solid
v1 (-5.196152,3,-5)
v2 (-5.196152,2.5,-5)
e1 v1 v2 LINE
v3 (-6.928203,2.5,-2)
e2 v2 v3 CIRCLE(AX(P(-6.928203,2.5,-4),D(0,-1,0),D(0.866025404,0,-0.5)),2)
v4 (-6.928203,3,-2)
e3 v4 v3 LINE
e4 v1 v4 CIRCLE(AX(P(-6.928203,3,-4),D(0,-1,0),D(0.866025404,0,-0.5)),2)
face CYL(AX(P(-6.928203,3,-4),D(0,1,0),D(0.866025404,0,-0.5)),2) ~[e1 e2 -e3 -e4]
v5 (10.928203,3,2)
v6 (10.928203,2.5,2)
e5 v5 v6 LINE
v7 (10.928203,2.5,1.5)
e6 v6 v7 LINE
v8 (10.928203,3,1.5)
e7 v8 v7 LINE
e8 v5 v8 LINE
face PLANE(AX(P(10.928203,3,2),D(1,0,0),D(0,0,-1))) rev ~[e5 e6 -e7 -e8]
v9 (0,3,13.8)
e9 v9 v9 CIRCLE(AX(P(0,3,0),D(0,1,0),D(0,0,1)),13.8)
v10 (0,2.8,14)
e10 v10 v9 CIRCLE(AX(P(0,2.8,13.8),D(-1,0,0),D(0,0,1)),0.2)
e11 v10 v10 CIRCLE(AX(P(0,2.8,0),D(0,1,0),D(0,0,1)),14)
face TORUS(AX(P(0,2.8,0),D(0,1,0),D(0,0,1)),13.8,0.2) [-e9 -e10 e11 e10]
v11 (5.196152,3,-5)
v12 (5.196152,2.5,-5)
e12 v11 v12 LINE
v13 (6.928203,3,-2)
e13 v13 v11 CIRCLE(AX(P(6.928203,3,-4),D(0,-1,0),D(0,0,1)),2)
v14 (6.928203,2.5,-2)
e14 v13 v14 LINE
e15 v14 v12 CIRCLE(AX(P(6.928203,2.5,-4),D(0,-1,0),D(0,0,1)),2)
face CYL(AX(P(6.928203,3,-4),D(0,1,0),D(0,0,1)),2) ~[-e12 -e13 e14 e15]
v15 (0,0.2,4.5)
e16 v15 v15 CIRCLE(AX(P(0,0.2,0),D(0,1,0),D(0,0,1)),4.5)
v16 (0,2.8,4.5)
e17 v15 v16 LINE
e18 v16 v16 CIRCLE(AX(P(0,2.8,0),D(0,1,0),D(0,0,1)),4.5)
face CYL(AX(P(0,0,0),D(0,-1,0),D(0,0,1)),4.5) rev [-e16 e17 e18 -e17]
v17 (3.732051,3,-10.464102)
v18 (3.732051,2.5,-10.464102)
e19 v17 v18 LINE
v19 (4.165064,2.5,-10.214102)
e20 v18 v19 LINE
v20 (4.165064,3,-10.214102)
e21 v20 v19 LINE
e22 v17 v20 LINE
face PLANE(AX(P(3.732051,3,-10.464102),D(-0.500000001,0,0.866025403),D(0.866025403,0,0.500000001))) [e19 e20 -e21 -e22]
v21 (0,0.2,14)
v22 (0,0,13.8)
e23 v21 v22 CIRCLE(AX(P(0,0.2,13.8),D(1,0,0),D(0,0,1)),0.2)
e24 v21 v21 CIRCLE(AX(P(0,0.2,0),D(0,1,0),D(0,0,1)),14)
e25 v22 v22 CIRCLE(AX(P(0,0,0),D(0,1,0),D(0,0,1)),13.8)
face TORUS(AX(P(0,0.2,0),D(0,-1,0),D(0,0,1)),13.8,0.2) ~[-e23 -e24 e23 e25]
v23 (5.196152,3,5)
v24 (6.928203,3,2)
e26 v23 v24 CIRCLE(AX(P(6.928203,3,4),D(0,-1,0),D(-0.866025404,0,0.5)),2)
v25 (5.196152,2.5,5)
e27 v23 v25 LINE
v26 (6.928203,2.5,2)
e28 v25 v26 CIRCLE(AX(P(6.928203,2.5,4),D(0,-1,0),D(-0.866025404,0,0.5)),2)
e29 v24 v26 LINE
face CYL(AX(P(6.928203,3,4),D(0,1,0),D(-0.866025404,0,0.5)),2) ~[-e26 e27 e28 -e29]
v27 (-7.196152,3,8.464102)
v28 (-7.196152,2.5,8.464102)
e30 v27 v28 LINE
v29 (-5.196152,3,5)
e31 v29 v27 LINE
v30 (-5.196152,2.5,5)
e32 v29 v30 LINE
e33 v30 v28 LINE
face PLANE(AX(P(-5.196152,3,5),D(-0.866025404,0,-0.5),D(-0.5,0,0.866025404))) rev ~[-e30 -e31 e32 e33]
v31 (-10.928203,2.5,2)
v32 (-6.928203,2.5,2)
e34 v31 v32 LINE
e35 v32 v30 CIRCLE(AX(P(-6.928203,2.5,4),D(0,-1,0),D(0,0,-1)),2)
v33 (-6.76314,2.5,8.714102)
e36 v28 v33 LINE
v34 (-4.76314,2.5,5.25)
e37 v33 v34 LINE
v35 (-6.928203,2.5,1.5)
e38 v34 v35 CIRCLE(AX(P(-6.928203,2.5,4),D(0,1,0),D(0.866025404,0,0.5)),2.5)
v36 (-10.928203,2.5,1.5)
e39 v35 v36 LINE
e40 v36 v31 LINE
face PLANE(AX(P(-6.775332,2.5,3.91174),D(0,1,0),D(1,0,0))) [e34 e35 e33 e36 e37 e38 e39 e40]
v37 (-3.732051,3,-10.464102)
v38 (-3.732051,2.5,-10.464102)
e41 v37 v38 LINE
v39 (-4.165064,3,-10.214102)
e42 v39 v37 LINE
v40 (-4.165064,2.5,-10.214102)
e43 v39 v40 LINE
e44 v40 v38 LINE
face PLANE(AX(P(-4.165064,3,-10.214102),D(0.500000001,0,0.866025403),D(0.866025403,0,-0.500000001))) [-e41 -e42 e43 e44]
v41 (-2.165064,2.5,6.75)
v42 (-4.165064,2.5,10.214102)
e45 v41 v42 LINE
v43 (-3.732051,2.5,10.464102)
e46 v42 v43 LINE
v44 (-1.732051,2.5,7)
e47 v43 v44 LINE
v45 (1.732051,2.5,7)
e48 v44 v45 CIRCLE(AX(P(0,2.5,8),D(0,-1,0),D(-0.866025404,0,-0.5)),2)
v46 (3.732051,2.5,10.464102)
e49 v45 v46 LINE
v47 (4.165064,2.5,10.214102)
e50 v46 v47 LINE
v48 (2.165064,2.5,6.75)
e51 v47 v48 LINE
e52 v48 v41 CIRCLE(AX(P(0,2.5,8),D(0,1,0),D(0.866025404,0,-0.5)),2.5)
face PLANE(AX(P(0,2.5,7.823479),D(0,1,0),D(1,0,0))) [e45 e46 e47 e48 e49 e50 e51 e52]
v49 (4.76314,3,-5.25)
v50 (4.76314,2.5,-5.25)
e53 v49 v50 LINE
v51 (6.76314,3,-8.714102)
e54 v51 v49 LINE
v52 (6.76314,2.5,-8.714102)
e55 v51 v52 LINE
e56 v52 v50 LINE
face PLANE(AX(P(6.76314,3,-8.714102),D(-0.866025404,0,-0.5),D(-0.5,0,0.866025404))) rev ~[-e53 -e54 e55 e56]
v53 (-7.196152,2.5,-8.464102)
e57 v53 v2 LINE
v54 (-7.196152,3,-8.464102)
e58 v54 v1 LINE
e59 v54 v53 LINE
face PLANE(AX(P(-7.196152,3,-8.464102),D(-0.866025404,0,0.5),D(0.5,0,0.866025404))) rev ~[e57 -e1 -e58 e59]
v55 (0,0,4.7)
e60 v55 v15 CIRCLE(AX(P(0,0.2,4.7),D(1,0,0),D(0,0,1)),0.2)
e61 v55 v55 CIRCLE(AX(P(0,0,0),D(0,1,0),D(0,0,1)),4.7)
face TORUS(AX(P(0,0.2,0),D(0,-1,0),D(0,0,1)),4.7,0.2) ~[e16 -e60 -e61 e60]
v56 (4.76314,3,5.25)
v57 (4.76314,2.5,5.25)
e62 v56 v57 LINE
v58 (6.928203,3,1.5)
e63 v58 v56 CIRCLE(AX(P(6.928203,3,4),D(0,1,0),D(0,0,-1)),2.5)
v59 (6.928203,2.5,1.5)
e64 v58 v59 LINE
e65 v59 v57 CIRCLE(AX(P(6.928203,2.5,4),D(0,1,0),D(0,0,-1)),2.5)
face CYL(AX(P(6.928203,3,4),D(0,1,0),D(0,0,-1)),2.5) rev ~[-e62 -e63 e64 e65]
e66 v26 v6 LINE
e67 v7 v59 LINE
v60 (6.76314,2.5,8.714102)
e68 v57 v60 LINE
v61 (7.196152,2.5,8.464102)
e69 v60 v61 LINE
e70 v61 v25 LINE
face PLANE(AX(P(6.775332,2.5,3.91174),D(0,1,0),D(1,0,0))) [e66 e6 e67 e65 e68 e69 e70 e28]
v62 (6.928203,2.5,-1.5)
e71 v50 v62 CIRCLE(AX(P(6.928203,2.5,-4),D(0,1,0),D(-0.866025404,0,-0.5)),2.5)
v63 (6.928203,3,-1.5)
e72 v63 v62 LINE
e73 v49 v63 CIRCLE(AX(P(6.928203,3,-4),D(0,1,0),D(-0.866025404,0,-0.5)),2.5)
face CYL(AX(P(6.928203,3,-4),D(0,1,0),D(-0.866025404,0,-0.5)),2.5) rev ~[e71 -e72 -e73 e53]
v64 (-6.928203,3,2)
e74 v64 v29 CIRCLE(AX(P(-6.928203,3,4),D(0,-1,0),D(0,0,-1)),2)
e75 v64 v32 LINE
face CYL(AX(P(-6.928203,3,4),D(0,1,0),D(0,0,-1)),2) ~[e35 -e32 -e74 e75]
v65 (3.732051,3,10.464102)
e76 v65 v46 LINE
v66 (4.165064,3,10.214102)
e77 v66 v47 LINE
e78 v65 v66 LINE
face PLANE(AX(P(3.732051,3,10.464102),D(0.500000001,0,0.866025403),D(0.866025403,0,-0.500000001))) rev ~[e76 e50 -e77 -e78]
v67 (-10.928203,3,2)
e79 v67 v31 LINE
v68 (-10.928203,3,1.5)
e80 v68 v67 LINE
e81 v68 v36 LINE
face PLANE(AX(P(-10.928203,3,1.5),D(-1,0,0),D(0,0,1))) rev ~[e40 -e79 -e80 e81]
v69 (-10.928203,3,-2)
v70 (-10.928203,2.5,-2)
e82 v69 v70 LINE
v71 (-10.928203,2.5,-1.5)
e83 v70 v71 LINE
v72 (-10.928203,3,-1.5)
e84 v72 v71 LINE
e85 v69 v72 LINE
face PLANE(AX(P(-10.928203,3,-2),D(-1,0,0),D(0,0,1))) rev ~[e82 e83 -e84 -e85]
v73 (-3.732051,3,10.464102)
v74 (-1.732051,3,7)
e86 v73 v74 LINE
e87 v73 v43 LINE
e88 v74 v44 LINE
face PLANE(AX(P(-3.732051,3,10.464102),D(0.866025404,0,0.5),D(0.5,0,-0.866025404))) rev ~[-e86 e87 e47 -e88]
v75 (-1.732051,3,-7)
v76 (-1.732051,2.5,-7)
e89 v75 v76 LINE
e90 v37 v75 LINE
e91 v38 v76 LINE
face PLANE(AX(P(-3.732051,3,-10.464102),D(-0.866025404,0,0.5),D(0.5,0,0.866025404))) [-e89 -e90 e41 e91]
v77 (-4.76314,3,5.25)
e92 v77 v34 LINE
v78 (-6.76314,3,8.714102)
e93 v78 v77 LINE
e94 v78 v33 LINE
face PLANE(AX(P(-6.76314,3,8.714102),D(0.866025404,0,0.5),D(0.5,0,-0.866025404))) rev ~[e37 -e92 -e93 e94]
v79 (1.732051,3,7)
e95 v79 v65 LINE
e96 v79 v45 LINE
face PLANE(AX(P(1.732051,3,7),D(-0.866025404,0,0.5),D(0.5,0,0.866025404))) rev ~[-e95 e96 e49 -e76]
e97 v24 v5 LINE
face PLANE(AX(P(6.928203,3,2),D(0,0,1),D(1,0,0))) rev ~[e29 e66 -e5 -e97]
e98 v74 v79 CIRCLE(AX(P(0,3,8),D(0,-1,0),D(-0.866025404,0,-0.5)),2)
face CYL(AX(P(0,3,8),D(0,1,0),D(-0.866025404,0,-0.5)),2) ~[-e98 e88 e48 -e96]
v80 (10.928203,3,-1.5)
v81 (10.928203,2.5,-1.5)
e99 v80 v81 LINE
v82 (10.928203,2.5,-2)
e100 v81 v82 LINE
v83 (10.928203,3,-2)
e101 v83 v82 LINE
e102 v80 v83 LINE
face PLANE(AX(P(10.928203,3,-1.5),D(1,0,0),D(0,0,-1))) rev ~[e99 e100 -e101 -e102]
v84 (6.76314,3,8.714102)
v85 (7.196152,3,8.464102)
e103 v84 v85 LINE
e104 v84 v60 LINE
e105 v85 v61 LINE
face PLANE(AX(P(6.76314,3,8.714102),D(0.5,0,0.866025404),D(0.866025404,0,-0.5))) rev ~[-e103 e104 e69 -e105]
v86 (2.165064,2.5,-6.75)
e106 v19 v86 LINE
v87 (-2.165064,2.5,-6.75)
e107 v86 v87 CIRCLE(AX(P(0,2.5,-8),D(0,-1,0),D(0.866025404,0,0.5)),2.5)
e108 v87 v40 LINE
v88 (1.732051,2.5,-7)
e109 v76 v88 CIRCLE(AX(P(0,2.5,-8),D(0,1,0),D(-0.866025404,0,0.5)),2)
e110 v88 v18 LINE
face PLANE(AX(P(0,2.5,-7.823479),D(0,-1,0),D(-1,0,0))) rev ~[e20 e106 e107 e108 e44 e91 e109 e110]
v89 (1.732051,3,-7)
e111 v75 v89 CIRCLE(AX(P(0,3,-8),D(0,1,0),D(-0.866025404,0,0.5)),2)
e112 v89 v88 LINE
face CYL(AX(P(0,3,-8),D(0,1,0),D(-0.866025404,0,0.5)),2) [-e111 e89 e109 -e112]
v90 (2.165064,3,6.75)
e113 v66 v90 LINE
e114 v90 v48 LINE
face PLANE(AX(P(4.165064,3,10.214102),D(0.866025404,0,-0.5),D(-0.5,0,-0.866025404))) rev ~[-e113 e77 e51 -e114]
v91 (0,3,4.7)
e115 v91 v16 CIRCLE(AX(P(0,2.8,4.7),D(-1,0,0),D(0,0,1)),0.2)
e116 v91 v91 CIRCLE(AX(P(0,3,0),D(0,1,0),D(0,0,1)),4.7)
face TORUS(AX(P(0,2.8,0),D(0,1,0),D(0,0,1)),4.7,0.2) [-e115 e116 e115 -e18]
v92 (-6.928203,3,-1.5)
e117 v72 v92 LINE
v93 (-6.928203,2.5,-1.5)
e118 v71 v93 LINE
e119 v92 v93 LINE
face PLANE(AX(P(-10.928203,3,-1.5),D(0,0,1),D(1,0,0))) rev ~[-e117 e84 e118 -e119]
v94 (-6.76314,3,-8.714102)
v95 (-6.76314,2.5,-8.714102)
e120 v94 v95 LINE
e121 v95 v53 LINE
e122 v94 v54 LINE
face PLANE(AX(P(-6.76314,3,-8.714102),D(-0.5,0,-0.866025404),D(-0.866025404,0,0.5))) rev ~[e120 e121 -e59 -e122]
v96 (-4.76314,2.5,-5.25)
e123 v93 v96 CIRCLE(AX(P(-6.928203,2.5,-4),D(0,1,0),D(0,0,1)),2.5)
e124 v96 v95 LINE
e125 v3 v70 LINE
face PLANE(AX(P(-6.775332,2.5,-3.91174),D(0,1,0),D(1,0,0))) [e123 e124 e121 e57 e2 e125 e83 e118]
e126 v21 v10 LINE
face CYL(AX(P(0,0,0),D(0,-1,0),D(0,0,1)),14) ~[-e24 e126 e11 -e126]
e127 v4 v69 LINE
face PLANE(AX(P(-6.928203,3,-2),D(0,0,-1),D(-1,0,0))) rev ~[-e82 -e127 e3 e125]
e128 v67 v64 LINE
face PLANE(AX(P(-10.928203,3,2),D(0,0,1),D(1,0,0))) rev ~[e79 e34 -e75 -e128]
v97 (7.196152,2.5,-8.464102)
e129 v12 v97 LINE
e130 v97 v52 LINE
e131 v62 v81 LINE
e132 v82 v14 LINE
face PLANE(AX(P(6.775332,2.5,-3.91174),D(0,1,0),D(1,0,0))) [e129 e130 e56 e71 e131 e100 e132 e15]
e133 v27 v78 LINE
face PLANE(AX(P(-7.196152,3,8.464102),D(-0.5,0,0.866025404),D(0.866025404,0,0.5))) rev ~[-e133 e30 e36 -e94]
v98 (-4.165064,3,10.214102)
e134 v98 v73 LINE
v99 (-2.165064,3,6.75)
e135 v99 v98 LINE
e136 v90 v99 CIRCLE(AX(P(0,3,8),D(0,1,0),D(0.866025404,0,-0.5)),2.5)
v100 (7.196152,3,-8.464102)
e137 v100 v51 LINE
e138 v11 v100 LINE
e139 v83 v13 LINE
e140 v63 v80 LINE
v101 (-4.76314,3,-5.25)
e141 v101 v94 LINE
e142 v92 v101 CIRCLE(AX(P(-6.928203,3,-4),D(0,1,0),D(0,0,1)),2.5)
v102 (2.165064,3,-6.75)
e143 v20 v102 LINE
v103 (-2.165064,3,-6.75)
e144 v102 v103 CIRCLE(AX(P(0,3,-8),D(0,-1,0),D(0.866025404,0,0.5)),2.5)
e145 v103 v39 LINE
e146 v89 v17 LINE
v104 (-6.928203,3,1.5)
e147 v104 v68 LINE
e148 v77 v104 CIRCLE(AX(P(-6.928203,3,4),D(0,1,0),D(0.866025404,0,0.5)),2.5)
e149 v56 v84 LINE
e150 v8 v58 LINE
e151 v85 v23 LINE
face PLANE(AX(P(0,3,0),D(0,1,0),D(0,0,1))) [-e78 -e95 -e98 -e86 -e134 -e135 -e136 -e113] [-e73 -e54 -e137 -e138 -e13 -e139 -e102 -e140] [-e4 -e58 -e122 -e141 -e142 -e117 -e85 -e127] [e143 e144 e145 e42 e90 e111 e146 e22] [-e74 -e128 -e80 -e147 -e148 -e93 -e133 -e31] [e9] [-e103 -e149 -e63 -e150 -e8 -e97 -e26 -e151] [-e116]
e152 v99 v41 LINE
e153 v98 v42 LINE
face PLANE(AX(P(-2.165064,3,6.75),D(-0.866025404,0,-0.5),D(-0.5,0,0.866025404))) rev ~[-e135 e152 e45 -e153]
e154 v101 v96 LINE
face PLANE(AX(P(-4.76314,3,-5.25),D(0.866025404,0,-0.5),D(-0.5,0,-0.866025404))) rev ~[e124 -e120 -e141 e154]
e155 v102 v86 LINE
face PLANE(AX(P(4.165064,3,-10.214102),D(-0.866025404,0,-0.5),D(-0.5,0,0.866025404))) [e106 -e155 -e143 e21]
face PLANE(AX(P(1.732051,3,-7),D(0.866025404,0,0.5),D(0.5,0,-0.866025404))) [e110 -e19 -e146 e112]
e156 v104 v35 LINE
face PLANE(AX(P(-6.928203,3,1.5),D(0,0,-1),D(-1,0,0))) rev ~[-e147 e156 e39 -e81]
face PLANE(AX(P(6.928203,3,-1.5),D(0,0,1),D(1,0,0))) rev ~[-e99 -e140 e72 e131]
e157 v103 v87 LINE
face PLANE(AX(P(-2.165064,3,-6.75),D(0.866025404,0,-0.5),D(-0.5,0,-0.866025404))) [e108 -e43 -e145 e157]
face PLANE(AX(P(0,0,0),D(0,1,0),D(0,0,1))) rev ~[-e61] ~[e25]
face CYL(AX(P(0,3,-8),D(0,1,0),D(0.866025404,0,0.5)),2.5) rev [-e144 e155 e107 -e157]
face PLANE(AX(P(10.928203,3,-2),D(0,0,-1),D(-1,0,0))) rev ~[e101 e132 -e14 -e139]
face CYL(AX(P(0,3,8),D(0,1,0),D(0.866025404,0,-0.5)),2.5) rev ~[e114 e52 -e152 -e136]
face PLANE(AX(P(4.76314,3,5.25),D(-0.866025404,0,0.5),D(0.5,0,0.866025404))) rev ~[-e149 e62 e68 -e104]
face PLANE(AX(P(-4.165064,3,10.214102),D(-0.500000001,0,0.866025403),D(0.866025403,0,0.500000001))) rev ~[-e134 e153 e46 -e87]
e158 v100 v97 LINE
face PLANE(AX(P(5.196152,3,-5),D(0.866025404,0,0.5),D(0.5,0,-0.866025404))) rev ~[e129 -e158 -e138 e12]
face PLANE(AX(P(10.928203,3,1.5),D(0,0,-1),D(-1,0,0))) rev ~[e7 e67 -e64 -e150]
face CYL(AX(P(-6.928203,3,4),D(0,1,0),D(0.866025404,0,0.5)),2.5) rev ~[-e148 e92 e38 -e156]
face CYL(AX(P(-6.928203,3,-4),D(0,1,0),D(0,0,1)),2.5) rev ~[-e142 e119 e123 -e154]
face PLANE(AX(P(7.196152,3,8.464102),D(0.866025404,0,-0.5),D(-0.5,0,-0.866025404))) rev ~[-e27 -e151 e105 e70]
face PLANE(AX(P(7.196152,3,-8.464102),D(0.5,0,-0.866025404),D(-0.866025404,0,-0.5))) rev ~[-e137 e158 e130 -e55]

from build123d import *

# Parameters (mm, degrees)
SKETCH1_R           = 14
SKETCH1_R_2         = 4.5
BOSS_EXTRUDE1_DEPTH = 3
CUT_EXTRUDE1_DEPTH  = 0.5
FILLET1_R           = 0.2


with BuildPart() as part:
    # Sketch1 → Boss-Extrude1 (new body)
    with BuildSketch(Plane(origin=(0, 0, 0), x_dir=(1, 0, 0), z_dir=(0, 1, 0))):
        with Locations(Location((0, 0, 0), (0, 0, 270))):
            Circle(SKETCH1_R)
        with Locations(Location((0, 0, 0), (0, 0, 270))):
            Circle(SKETCH1_R_2, mode=Mode.SUBTRACT)
    extrude(amount=BOSS_EXTRUDE1_DEPTH)

    # Sketch2 → Cut-Extrude1 (cut)
    with BuildSketch(Plane(origin=(0, 3, 0), x_dir=(1, 0, 0), z_dir=(0, 1, 0))):
        with BuildLine():
            Line((-2.165063509, 6.75), (-4.165063509, 10.214101615))
            Line((-4.165063509, 10.214101615), (-3.732050808, 10.464101615))
            Line((-3.732050808, 10.464101615), (-1.732050808, 7))
            ThreePointArc((-1.732050808, 7), (0, 6), (1.732050808, 7))
            Line((1.732050808, 7), (3.732050808, 10.464101615))
            Line((3.732050808, 10.464101615), (4.165063509, 10.214101615))
            Line((4.165063509, 10.214101615), (2.165063509, 6.75))
            ThreePointArc((2.165063509, 6.75), (0, 5.5), (-2.165063509, 6.75))
        make_face()
        with BuildLine():
            Line((5.196152423, 5), (7.196152423, 8.464101615))
            Line((7.196152423, 8.464101615), (6.763139721, 8.714101615))
            Line((6.763139721, 8.714101615), (4.763139721, 5.25))
            ThreePointArc((4.763139721, 5.25), (4.763139721, 2.75), (6.92820323, 1.5))
            Line((6.92820323, 1.5), (10.92820323, 1.5))
            Line((10.92820323, 1.5), (10.92820323, 2))
            Line((10.92820323, 2), (6.92820323, 2))
            ThreePointArc((6.92820323, 2), (5.196152423, 3), (5.196152423, 5))
        make_face()
        with BuildLine():
            Line((6.92820323, -2), (10.92820323, -2))
            Line((10.92820323, -2), (10.92820323, -1.5))
            Line((10.92820323, -1.5), (6.92820323, -1.5))
            ThreePointArc((6.92820323, -1.5), (4.763139721, -2.75), (4.763139721, -5.25))
            Line((4.763139721, -5.25), (6.763139721, -8.714101615))
            Line((6.763139721, -8.714101615), (7.196152423, -8.464101615))
            Line((7.196152423, -8.464101615), (5.196152423, -5))
            ThreePointArc((5.196152423, -5), (5.196152423, -3), (6.92820323, -2))
        make_face()
        with BuildLine():
            Line((1.732050808, -7), (3.732050808, -10.464101615))
            Line((3.732050808, -10.464101615), (4.165063509, -10.214101615))
            Line((4.165063509, -10.214101615), (2.165063509, -6.75))
            ThreePointArc((2.165063509, -6.75), (0, -5.5), (-2.165063509, -6.75))
            Line((-2.165063509, -6.75), (-4.165063509, -10.214101615))
            Line((-4.165063509, -10.214101615), (-3.732050808, -10.464101615))
            Line((-3.732050808, -10.464101615), (-1.732050808, -7))
            ThreePointArc((-1.732050808, -7), (0, -6), (1.732050808, -7))
        make_face()
        with BuildLine():
            Line((-5.196152423, -5), (-7.196152423, -8.464101615))
            Line((-7.196152423, -8.464101615), (-6.763139721, -8.714101615))
            Line((-6.763139721, -8.714101615), (-4.763139721, -5.25))
            ThreePointArc((-4.763139721, -5.25), (-4.763139721, -2.75), (-6.92820323, -1.5))
            Line((-6.92820323, -1.5), (-10.92820323, -1.5))
            Line((-10.92820323, -1.5), (-10.92820323, -2))
            Line((-10.92820323, -2), (-6.92820323, -2))
            ThreePointArc((-6.92820323, -2), (-5.196152423, -3), (-5.196152423, -5))
        make_face()
        with BuildLine():
            Line((-6.92820323, 2), (-10.92820323, 2))
            Line((-10.92820323, 2), (-10.92820323, 1.5))
            Line((-10.92820323, 1.5), (-6.92820323, 1.5))
            ThreePointArc((-6.92820323, 1.5), (-4.763139721, 2.75), (-4.763139721, 5.25))
            Line((-4.763139721, 5.25), (-6.763139721, 8.714101615))
            Line((-6.763139721, 8.714101615), (-7.196152423, 8.464101615))
            Line((-7.196152423, 8.464101615), (-5.196152423, 5))
            ThreePointArc((-5.196152423, 5), (-5.196152423, 3), (-6.92820323, 2))
        make_face()
    extrude(amount=-CUT_EXTRUDE1_DEPTH, mode=Mode.SUBTRACT)

    # Fillet1
    fillet1_edges = [part.edges().sort_by_distance(p)[0] for p in [
        (0, 0, -14),
        (0, 3, -14),
        (0, 0, -4.5),
        (0, 3, -4.5),
    ]]
    fillet(fillet1_edges, radius=FILLET1_R)


solid = part.part
